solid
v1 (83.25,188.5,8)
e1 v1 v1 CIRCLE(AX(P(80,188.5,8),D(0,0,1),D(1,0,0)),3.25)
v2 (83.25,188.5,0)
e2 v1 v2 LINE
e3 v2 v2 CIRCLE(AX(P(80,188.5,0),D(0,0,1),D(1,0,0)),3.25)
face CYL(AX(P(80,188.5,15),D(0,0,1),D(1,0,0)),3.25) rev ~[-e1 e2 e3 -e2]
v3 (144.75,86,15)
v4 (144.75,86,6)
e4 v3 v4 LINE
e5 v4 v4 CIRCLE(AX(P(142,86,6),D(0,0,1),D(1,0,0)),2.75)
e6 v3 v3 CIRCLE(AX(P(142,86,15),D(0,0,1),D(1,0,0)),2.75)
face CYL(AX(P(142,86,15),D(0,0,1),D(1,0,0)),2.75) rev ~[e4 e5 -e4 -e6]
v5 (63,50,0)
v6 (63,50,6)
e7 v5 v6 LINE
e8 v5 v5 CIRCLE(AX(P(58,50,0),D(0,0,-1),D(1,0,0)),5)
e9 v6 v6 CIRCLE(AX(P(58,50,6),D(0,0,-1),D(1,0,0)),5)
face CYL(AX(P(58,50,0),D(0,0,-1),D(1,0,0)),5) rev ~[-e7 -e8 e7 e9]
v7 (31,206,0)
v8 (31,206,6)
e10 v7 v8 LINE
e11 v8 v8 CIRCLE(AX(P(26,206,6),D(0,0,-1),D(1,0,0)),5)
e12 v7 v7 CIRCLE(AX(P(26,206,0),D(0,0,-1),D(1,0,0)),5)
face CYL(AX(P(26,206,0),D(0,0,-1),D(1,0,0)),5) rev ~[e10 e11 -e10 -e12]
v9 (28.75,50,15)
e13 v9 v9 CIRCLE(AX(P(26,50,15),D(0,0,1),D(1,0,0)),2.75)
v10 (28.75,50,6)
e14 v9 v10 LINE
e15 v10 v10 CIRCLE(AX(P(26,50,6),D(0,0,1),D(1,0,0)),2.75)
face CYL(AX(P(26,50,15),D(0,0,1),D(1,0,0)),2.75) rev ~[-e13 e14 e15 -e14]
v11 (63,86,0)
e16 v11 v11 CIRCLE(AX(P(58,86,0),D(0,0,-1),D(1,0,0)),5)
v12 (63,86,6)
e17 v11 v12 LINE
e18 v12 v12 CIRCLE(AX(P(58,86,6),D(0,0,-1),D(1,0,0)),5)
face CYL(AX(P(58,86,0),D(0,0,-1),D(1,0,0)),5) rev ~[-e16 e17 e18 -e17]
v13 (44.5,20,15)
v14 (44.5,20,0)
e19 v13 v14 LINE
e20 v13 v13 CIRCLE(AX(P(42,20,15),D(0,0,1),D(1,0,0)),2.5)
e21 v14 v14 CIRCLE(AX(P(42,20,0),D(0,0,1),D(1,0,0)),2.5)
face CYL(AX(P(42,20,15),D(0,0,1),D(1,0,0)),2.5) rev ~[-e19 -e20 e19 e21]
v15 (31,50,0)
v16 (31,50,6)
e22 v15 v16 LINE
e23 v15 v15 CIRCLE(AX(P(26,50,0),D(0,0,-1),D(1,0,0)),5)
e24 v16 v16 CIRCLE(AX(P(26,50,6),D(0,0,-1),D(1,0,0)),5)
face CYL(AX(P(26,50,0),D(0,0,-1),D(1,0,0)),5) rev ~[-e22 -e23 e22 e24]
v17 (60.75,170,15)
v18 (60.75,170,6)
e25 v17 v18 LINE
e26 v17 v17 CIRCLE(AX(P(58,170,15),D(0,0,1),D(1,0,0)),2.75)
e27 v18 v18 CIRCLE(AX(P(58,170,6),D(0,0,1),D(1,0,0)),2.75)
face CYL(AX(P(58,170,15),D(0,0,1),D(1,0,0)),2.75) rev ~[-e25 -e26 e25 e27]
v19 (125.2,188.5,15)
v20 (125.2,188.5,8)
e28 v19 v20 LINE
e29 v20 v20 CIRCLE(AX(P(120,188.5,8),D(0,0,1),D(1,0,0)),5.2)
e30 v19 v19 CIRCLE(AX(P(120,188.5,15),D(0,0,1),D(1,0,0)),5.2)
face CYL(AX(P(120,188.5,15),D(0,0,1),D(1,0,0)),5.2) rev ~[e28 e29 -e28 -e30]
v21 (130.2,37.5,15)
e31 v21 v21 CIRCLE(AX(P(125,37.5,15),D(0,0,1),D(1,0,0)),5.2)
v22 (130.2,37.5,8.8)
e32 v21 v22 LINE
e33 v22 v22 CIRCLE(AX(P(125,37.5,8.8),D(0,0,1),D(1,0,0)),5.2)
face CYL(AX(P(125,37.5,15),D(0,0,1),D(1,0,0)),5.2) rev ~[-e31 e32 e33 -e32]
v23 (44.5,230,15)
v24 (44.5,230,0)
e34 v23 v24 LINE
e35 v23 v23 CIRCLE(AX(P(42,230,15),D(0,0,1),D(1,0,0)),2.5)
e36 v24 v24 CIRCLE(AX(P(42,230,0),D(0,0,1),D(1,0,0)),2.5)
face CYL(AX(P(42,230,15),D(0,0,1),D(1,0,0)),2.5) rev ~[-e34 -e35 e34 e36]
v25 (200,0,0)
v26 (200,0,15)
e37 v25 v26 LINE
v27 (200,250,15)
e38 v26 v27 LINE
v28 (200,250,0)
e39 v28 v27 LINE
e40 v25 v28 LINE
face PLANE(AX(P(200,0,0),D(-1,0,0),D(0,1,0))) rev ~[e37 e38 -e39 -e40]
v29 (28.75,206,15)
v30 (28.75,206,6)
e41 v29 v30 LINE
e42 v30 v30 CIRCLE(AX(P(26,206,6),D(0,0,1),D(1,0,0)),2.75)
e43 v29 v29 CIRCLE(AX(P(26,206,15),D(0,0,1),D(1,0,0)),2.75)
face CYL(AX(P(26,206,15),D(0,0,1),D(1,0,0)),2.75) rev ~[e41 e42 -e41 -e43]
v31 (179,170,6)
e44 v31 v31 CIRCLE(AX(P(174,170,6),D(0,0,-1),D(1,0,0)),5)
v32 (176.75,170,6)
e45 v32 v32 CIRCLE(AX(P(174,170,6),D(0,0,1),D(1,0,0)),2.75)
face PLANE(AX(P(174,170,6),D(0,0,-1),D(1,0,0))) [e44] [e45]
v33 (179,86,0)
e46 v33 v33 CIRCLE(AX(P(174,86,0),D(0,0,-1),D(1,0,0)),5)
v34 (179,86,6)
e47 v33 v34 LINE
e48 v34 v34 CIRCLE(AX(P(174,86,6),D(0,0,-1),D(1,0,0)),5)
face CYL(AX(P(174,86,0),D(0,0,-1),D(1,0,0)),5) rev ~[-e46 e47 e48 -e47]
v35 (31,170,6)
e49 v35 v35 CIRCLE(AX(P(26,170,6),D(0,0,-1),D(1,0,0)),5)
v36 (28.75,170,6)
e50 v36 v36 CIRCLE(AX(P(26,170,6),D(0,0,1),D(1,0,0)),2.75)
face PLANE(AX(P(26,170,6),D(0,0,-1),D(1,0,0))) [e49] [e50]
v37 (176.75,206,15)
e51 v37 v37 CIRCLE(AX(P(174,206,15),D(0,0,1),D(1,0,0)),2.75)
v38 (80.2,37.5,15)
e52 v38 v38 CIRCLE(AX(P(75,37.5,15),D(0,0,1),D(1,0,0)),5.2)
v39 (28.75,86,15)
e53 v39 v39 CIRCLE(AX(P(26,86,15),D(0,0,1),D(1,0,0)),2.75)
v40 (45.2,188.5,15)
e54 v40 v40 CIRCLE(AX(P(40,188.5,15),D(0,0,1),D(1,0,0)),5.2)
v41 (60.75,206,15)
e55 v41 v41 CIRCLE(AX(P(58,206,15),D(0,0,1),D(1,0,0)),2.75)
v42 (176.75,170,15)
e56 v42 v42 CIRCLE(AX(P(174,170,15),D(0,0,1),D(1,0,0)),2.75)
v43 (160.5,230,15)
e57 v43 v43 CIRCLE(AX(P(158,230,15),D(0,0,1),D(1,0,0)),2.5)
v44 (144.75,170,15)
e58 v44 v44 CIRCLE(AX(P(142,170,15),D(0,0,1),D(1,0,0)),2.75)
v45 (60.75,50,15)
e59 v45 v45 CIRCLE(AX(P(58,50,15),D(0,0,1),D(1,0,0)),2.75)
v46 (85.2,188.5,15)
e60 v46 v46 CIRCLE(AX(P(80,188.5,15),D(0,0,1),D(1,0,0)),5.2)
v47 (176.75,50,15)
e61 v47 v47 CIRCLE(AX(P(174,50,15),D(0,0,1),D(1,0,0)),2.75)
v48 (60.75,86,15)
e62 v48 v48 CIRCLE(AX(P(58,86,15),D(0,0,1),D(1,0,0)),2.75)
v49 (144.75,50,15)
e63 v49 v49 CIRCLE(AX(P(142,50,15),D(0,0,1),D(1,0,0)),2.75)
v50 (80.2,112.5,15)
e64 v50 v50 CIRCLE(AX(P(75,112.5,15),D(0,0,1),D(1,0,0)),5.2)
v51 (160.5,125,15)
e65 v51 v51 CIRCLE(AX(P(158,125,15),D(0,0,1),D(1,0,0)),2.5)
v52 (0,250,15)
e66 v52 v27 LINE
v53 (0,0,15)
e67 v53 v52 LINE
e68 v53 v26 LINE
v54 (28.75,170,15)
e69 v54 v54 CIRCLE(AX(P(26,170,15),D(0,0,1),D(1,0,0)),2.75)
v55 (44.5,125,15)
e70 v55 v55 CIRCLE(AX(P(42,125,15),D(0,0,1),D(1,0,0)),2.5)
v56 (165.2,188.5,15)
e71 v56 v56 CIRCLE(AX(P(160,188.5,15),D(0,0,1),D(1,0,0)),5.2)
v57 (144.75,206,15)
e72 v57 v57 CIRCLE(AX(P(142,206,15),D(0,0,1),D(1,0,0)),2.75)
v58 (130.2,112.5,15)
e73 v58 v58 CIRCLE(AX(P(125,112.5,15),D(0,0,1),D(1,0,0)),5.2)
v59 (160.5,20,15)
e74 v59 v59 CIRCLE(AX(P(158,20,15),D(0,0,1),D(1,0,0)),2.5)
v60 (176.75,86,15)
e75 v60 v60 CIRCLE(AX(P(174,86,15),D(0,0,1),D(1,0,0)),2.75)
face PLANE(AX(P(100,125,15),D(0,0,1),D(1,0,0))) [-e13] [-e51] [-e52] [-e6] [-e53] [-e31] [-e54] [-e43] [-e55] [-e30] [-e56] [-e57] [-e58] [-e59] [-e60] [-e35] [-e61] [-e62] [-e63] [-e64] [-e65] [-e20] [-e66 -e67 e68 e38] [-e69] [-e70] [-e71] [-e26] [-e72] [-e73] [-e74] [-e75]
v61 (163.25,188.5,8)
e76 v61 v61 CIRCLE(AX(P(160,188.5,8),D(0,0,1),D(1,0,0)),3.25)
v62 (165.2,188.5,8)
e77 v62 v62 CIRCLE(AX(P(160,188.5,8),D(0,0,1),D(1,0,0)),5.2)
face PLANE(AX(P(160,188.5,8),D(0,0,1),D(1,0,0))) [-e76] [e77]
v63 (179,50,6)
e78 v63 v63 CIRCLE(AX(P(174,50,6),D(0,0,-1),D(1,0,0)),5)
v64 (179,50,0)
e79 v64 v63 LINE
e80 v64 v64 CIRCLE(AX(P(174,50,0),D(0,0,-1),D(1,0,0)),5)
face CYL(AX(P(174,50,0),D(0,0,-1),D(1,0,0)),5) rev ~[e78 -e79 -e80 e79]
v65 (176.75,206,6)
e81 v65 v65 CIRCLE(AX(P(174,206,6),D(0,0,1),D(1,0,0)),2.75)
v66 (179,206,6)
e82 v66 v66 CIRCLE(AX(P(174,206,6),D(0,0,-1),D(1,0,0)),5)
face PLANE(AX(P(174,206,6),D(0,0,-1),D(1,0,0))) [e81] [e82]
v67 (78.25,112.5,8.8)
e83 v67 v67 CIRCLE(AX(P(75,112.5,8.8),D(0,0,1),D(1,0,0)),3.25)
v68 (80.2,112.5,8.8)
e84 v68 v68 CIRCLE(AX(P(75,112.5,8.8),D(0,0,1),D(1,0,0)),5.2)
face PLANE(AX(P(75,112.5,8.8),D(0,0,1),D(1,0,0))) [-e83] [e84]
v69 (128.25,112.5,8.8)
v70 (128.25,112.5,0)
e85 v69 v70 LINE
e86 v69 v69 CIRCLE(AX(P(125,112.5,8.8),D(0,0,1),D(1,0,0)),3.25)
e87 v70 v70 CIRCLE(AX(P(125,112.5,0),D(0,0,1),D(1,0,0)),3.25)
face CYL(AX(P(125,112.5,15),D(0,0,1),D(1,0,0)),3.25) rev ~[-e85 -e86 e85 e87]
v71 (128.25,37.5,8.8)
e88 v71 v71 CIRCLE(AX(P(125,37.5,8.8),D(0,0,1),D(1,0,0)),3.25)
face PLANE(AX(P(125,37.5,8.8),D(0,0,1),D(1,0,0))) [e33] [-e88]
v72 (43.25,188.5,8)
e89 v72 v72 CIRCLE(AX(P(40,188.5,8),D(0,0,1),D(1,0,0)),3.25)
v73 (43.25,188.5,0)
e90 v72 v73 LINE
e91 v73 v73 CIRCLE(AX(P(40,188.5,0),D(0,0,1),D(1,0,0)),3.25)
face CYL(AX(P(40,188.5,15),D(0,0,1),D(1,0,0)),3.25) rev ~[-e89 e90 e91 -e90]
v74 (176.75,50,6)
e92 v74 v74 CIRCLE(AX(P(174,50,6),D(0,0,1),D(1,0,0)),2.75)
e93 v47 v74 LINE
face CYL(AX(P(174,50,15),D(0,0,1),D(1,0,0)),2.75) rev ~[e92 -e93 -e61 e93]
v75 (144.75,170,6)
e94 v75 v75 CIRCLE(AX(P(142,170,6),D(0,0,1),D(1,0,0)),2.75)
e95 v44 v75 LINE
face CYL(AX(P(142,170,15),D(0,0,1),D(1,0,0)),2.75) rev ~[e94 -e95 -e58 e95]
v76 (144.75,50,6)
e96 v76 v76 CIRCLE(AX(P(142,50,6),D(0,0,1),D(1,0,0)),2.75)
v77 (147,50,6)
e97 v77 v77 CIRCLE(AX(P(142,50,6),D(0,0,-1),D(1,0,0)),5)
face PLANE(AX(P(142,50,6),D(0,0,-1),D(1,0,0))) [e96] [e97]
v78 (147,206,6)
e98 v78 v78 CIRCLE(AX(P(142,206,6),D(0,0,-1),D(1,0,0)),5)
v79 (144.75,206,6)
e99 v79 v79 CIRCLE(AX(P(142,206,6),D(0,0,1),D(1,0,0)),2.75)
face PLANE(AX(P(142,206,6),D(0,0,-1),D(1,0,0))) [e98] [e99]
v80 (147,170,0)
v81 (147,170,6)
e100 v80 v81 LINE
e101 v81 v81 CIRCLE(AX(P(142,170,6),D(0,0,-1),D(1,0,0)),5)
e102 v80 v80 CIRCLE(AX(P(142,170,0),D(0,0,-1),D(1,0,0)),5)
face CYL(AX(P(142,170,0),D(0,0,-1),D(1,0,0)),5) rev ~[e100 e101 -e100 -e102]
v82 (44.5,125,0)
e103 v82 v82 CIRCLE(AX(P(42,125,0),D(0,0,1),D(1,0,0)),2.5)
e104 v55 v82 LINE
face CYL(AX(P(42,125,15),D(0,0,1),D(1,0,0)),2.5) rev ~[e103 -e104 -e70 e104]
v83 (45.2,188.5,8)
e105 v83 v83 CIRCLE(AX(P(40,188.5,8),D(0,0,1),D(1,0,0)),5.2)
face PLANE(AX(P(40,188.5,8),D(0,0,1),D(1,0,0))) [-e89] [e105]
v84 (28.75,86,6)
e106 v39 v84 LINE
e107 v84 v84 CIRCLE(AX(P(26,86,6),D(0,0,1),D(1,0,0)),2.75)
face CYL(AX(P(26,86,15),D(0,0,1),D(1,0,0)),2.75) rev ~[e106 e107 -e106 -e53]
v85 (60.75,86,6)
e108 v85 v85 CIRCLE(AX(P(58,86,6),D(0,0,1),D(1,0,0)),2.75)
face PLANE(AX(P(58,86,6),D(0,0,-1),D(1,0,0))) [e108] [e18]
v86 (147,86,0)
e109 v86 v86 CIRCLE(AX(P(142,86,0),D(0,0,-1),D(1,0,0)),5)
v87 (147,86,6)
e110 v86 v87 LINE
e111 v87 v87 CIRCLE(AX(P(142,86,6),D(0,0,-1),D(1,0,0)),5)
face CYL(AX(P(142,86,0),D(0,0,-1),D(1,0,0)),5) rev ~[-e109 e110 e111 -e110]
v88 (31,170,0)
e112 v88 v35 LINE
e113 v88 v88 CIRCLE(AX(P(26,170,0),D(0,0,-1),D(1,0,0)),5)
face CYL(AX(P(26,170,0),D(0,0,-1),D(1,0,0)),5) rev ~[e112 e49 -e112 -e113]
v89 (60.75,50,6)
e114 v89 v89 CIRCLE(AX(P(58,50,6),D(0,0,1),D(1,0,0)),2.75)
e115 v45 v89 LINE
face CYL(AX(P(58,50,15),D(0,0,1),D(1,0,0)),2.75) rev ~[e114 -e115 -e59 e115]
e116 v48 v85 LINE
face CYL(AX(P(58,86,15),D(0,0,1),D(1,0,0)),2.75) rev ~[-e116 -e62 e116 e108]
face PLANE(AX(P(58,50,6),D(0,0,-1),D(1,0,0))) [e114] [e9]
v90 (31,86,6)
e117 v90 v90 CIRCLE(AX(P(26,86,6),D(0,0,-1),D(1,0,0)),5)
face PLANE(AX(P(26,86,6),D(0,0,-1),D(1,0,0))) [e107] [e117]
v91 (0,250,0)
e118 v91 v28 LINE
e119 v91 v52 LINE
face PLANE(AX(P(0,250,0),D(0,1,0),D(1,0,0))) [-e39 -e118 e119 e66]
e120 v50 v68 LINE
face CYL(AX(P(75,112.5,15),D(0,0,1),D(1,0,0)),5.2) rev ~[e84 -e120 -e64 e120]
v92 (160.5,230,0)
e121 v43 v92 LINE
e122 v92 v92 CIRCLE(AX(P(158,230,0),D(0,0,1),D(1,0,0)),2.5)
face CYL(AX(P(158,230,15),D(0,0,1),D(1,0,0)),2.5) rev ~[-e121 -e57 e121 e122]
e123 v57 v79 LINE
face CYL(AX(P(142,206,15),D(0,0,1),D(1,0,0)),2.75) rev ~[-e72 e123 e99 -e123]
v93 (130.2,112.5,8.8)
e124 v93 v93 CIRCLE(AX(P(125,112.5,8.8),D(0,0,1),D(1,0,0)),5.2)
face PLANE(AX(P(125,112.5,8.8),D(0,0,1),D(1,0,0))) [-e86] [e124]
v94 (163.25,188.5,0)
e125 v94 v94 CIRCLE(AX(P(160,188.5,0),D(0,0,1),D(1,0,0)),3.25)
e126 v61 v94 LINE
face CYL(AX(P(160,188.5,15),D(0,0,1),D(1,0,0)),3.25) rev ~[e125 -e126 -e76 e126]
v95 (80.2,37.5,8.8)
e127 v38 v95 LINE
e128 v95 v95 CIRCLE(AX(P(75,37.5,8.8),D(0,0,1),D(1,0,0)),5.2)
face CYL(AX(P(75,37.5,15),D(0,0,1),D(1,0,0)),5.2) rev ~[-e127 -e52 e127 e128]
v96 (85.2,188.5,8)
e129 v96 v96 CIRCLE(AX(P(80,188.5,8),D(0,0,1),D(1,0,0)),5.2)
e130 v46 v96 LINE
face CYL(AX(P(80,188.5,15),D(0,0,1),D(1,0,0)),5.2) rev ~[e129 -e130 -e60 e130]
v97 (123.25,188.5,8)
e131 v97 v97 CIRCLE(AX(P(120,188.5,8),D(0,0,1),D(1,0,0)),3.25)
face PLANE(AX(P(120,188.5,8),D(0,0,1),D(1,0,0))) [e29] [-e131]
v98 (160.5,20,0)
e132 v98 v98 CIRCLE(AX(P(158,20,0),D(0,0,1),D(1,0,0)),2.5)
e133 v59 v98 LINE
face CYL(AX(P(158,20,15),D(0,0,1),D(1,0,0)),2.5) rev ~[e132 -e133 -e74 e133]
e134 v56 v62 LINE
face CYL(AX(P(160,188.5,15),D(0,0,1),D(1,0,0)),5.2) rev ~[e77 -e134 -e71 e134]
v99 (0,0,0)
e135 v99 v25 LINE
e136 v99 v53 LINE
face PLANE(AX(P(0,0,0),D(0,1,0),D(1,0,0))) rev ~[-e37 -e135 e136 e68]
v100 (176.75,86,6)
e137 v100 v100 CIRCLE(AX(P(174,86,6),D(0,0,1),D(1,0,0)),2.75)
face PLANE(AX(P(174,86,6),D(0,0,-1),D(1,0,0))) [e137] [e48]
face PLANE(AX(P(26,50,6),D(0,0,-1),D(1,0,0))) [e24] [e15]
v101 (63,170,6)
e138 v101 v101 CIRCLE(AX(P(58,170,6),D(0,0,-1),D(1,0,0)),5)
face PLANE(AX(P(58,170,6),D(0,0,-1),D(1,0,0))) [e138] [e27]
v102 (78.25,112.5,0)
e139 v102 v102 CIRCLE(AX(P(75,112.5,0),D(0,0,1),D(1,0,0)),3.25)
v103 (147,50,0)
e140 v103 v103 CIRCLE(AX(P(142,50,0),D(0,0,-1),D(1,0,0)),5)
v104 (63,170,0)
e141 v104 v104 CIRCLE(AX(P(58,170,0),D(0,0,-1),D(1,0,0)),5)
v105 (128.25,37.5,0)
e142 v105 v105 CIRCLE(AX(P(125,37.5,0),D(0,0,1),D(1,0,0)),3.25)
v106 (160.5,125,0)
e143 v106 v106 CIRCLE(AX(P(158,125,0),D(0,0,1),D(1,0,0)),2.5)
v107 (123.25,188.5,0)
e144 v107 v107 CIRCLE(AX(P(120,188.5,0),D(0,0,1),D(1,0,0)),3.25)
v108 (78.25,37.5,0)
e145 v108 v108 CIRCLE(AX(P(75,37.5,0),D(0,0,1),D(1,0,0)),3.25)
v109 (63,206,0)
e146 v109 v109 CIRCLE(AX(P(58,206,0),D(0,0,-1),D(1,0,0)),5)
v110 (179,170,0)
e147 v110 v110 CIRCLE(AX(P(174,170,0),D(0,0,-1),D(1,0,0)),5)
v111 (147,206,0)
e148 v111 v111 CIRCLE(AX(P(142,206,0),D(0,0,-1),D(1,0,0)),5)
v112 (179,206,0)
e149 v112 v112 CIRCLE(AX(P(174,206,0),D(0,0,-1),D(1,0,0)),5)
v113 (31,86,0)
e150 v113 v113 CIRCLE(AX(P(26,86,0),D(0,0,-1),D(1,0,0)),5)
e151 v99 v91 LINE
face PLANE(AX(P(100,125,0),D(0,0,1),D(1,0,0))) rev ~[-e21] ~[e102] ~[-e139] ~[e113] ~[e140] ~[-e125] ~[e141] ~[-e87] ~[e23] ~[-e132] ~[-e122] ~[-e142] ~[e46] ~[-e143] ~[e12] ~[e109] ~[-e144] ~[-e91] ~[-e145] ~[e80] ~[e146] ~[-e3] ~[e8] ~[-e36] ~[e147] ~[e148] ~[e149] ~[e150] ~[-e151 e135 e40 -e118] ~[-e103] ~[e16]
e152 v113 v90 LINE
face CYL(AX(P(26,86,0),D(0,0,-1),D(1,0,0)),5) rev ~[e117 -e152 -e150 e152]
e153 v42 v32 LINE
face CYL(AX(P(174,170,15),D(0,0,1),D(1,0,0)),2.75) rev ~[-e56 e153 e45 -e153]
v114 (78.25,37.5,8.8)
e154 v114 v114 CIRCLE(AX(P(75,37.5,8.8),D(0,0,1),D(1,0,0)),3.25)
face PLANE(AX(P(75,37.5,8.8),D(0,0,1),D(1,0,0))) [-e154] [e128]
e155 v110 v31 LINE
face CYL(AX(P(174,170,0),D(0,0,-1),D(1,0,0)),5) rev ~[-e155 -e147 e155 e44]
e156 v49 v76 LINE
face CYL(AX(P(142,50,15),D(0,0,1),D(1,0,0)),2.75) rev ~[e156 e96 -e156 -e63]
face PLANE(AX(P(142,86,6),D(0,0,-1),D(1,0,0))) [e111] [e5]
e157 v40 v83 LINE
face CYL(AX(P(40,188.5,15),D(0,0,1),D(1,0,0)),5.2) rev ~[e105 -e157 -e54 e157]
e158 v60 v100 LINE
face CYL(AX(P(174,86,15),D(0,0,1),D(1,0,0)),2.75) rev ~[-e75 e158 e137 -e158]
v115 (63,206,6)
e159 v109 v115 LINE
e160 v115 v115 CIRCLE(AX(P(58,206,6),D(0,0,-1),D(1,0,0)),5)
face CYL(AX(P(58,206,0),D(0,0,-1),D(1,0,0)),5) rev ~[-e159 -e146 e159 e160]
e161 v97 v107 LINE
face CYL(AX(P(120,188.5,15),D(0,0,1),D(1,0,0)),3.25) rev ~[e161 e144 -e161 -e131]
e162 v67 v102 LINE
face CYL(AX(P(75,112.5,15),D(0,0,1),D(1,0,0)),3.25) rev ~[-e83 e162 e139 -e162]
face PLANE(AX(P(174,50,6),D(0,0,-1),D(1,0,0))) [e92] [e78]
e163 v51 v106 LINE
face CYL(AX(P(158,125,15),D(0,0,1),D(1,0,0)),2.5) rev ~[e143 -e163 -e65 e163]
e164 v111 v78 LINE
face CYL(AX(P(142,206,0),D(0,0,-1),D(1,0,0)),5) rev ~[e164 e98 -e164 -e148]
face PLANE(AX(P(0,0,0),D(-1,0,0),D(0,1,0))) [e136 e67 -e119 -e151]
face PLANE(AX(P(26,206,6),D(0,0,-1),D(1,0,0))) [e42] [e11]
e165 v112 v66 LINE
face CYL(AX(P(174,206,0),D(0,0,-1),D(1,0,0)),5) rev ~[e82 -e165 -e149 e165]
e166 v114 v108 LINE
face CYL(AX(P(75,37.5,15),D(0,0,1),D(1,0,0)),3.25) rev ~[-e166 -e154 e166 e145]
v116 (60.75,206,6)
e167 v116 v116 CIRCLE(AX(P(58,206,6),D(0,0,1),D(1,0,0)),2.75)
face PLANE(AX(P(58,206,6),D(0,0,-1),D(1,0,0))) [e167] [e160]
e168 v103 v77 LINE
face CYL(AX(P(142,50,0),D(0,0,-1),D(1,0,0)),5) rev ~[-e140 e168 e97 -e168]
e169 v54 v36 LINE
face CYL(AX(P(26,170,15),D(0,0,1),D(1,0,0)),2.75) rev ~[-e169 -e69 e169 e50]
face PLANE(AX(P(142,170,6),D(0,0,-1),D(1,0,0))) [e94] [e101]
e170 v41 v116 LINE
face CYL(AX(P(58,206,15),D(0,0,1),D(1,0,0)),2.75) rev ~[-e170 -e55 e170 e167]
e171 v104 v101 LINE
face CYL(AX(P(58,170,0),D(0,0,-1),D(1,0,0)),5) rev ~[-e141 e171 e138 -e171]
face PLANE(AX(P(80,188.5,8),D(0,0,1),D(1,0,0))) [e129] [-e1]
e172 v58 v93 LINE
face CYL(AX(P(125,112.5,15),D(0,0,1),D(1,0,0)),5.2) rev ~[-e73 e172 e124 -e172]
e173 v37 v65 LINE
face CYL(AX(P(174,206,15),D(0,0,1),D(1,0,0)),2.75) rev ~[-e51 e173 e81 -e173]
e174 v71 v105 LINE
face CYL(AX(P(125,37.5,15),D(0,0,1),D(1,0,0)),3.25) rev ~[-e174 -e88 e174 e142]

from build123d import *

# Parameters (mm, degrees)
SKETCH_W        = 200
SKETCH_H        = 250
PAD_DEPTH       = 15
SKETCH001_R     = 3.25
POCKET_DEPTH    = 15
SKETCH002_R     = 5.2
POCKET001_DEPTH = 6.2
SKETCH003_R     = 2.5
POCKET002_DEPTH = 15
SKETCH004_R     = 3.25
POCKET003_DEPTH = 15
SKETCH005_R     = 5.2
POCKET004_DEPTH = 7
SKETCH006_R     = 2.75
POCKET005_DEPTH = 15
SKETCH007_R     = 5
POCKET006_DEPTH = 6


with BuildPart() as part:
    # Sketch → Pad (new body)
    with BuildSketch(Plane.XY):
        with Locations((100, 125)):
            Rectangle(SKETCH_W, SKETCH_H)
    extrude(amount=PAD_DEPTH)

    # Sketch001 (on Face6 of Pad) → Pocket (cut)
    with BuildSketch(Plane.XY.offset(15)):
        with Locations((125, 37.5)):
            Circle(SKETCH001_R)
        with Locations((75, 37.5)):
            Circle(SKETCH001_R)
        with Locations((125, 112.5)):
            Circle(SKETCH001_R)
        with Locations((75, 112.5)):
            Circle(SKETCH001_R)
    extrude(amount=-POCKET_DEPTH, mode=Mode.SUBTRACT)

    # Sketch002 (on Face5 of Pocket) → Pocket001 (cut)
    with BuildSketch(Plane.XY.offset(15)):
        with Locations((75, 112.5)):
            Circle(SKETCH002_R)
        with Locations((125, 112.5)):
            Circle(SKETCH002_R)
        with Locations((75, 37.5)):
            Circle(SKETCH002_R)
        with Locations((125, 37.5)):
            Circle(SKETCH002_R)
    extrude(amount=-POCKET001_DEPTH, mode=Mode.SUBTRACT)

    # Sketch003 (on Face5 of Pocket001) → Pocket002 (cut)
    with BuildSketch(Plane.XY.offset(15)):
        with Locations((42, 230)):
            Circle(SKETCH003_R)
        with Locations((42, 125)):
            Circle(SKETCH003_R)
        with Locations((42, 20)):
            Circle(SKETCH003_R)
        with Locations((158, 230)):
            Circle(SKETCH003_R)
        with Locations((158, 125)):
            Circle(SKETCH003_R)
        with Locations((158, 20)):
            Circle(SKETCH003_R)
    extrude(amount=-POCKET002_DEPTH, mode=Mode.SUBTRACT)

    # Sketch004 (on Face5 of Pocket002) → Pocket003 (cut)
    with BuildSketch(Plane.XY.offset(15)):
        with Locations((40, 188.5)):
            Circle(SKETCH004_R)
        with Locations((80, 188.5)):
            Circle(SKETCH004_R)
        with Locations((120, 188.5)):
            Circle(SKETCH004_R)
        with Locations((160, 188.5)):
            Circle(SKETCH004_R)
    extrude(amount=-POCKET003_DEPTH, mode=Mode.SUBTRACT)

    # Sketch005 (on Face5 of Pocket003) → Pocket004 (cut)
    with BuildSketch(Plane.XY.offset(15)):
        with Locations((40, 188.5)):
            Circle(SKETCH005_R)
        with Locations((80, 188.5)):
            Circle(SKETCH005_R)
        with Locations((120, 188.5)):
            Circle(SKETCH005_R)
        with Locations((160, 188.5)):
            Circle(SKETCH005_R)
    extrude(amount=-POCKET004_DEPTH, mode=Mode.SUBTRACT)

    # Sketch006 (on Face5 of Pocket004) → Pocket005 (cut)
    with BuildSketch(Plane.XY.offset(15)):
        with Locations((26, 206)):
            Circle(SKETCH006_R)
        with Locations((58, 206)):
            Circle(SKETCH006_R)
        with Locations((26, 170)):
            Circle(SKETCH006_R)
        with Locations((58, 170)):
            Circle(SKETCH006_R)
        with Locations((26, 86)):
            Circle(SKETCH006_R)
        with Locations((58, 86)):
            Circle(SKETCH006_R)
        with Locations((26, 50)):
            Circle(SKETCH006_R)
        with Locations((58, 50)):
            Circle(SKETCH006_R)
        with Locations((142, 206)):
            Circle(SKETCH006_R)
        with Locations((174, 206)):
            Circle(SKETCH006_R)
        with Locations((142, 170)):
            Circle(SKETCH006_R)
        with Locations((174, 170)):
            Circle(SKETCH006_R)
        with Locations((142, 86)):
            Circle(SKETCH006_R)
        with Locations((174, 86)):
            Circle(SKETCH006_R)
        with Locations((142, 50)):
            Circle(SKETCH006_R)
        with Locations((174, 50)):
            Circle(SKETCH006_R)
    extrude(amount=-POCKET005_DEPTH, mode=Mode.SUBTRACT)

    # Sketch007 (on Face4 of Pocket005) → Pocket006 (cut)
    with BuildSketch(Plane(origin=(0, 0, 0), x_dir=(1, 0, 0), z_dir=(0, 0, -1))):
        with Locations((26, -50)):
            Circle(SKETCH007_R)
        with Locations((58, -50)):
            Circle(SKETCH007_R)
        with Locations((142, -50)):
            Circle(SKETCH007_R)
        with Locations((174, -50)):
            Circle(SKETCH007_R)
        with Locations((142, -86)):
            Circle(SKETCH007_R)
        with Locations((174, -86)):
            Circle(SKETCH007_R)
        with Locations((26, -86)):
            Circle(SKETCH007_R)
        with Locations((58, -86)):
            Circle(SKETCH007_R)
        with Locations((26, -170)):
            Circle(SKETCH007_R)
        with Locations((58, -170)):
            Circle(SKETCH007_R)
        with Locations((26, -206)):
            Circle(SKETCH007_R)
        with Locations((58, -206)):
            Circle(SKETCH007_R)
        with Locations((142, -170)):
            Circle(SKETCH007_R)
        with Locations((174, -170)):
            Circle(SKETCH007_R)
        with Locations((142, -206)):
            Circle(SKETCH007_R)
        with Locations((174, -206)):
            Circle(SKETCH007_R)
    extrude(amount=-POCKET006_DEPTH, mode=Mode.SUBTRACT)


solid = part.part
